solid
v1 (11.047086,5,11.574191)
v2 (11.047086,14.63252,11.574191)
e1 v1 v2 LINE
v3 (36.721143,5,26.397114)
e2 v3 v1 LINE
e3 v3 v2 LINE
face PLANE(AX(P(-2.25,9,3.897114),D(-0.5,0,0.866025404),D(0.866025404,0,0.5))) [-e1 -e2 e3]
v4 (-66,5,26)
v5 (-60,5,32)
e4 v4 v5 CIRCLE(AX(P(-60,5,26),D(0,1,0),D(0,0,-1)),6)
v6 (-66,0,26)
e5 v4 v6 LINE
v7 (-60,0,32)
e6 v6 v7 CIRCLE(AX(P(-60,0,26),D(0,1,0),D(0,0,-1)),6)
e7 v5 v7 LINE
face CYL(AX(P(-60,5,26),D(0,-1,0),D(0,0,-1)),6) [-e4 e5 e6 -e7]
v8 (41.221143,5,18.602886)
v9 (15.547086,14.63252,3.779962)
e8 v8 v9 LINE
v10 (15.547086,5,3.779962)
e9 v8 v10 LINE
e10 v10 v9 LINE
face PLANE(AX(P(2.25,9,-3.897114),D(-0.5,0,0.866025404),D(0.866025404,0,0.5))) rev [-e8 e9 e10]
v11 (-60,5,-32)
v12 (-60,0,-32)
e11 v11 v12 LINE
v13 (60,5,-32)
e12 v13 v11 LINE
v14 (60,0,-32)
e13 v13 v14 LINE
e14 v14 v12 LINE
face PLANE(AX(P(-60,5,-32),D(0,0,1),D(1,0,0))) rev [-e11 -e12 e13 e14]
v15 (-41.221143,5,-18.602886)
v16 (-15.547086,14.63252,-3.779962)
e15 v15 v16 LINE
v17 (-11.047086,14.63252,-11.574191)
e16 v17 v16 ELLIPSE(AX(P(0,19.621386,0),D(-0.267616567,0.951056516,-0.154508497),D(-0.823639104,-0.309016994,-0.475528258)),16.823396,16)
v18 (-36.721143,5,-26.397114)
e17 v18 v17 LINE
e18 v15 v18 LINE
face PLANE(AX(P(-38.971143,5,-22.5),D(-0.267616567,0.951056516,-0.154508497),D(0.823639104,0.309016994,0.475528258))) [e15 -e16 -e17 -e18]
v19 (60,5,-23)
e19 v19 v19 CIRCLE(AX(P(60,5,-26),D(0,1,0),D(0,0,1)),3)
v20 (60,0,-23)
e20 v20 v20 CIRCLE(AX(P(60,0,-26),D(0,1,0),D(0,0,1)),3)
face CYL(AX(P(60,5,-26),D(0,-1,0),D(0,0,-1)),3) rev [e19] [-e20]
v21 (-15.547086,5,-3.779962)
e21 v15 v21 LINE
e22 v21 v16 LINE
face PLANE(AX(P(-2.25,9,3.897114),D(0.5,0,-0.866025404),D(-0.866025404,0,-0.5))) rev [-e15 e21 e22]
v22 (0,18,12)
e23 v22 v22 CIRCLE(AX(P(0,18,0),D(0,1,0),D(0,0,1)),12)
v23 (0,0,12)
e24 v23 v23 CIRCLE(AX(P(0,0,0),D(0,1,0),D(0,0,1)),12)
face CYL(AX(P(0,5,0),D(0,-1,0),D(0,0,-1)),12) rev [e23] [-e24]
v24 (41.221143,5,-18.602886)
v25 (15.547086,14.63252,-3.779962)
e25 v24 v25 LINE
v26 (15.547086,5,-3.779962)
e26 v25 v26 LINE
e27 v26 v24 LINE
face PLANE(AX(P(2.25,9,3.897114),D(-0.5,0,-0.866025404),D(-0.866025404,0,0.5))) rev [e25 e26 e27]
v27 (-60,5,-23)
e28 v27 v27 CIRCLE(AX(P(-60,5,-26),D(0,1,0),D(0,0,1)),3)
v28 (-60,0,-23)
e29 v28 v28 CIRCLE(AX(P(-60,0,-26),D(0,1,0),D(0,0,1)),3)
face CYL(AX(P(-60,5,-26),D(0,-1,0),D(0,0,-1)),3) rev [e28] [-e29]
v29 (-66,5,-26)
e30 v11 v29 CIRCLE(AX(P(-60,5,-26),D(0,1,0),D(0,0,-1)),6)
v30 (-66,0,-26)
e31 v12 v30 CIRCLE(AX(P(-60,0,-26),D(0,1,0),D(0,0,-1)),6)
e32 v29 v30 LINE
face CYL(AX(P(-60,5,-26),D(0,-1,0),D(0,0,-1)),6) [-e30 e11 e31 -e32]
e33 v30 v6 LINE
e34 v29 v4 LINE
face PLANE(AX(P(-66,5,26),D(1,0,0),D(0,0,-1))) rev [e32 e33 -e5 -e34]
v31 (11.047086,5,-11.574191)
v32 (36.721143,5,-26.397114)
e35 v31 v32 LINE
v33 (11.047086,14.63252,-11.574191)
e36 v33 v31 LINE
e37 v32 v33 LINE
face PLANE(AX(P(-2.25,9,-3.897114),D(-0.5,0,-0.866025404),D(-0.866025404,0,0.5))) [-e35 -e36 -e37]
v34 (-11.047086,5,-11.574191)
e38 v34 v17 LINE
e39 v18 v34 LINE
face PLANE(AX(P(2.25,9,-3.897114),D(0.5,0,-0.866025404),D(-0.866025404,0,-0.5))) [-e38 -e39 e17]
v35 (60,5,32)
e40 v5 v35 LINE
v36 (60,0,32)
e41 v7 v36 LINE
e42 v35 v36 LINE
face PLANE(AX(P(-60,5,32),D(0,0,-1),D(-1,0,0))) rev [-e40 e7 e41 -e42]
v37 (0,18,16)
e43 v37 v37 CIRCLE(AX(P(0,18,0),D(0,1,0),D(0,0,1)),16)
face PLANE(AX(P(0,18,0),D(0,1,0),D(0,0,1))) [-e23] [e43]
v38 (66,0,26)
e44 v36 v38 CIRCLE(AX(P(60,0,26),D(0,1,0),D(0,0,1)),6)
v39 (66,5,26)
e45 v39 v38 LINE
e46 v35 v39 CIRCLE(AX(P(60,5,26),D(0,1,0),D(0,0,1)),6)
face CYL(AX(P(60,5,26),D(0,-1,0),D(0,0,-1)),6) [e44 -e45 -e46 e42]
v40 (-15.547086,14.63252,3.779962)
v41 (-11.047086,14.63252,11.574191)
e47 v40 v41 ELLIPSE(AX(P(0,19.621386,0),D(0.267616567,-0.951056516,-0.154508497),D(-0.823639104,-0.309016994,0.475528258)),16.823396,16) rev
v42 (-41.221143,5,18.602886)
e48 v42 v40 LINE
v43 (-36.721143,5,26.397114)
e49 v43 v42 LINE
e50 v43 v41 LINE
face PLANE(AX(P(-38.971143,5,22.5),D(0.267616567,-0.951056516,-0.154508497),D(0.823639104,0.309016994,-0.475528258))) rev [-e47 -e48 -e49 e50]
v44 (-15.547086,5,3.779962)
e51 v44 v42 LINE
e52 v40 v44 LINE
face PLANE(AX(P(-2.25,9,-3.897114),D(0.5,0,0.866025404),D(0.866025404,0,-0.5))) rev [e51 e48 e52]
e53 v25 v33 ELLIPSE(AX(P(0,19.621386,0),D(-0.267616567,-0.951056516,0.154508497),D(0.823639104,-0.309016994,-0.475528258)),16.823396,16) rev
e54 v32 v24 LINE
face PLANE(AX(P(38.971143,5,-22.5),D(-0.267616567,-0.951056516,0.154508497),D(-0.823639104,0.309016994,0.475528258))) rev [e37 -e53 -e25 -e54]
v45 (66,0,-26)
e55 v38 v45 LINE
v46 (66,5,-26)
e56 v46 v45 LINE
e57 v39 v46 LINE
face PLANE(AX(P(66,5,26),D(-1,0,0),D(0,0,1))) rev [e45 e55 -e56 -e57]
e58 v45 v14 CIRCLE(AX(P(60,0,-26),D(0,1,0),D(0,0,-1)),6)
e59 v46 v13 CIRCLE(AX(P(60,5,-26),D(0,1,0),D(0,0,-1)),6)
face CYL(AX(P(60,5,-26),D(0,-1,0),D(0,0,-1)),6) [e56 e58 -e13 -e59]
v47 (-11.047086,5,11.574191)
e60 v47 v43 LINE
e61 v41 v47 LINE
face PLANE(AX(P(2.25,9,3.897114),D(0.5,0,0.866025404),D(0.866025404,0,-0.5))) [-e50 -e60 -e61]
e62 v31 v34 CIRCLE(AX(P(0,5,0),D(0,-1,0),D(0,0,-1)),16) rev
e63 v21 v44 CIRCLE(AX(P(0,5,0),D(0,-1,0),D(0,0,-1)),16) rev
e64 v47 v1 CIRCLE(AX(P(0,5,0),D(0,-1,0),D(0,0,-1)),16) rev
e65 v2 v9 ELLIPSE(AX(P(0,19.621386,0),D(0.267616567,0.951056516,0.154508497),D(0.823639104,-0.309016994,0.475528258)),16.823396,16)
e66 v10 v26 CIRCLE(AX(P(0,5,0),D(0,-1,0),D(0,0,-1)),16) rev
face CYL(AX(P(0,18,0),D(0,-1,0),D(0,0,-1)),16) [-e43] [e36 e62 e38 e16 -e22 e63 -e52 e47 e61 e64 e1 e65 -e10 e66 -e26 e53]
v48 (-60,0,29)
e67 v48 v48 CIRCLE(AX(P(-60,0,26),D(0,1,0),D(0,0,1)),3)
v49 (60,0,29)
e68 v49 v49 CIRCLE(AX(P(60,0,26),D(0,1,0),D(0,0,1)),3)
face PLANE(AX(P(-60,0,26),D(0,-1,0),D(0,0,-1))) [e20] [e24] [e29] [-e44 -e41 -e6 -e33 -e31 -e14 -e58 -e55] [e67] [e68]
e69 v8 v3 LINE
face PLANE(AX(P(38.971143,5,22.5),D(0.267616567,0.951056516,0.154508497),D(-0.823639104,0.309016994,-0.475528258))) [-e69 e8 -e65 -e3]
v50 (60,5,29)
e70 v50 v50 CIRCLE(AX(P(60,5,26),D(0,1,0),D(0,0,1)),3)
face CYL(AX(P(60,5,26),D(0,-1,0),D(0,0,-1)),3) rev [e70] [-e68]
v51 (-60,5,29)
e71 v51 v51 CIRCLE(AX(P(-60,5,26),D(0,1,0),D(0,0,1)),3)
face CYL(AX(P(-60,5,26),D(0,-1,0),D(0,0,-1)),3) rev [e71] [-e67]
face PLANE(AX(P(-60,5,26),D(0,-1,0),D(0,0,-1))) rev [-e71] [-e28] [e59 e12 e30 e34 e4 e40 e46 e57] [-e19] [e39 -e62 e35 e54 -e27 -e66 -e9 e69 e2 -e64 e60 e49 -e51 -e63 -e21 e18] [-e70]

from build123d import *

# Parameters (mm, degrees)
SKETCH1_R               = 3
SKETCH1_R_2             = 12
BOSS_EXTRUDE1_DEPTH     = 5
SKETCH2_R               = 16
SKETCH2_R_2             = 12
BOSS_EXTRUDE2_DEPTH     = 13
RIB1_REACH              = 77.525
SKETCH5_WALL_W          = 183.54206521
SKETCH5_WALL_H          = 9
CIRPATTERN1_COUNT       = 2
MIRROR1_COPY_1_REACH    = 77.525
MIRROR1_COPY_1_SKETCH_W = 183.54206521
MIRROR1_COPY_1_SKETCH_H = 9


with BuildPart() as part:
    # Sketch1 → Boss-Extrude1 (new body)
    with BuildSketch(Plane(origin=(0, 0, 0), x_dir=(1, 0, 0), z_dir=(0, 1, 0))):
        with BuildLine():
            Line((-60, -32), (60, -32))
            ThreePointArc((60, -32), (64.242640687, -30.242640687), (66, -26))
            Line((66, -26), (66, 26))
            ThreePointArc((66, 26), (64.242640687, 30.242640687), (60, 32))
            Line((60, 32), (-60, 32))
            ThreePointArc((-60, 32), (-64.242640687, 30.242640687), (-66, 26))
            Line((-66, 26), (-66, -26))
            ThreePointArc((-66, -26), (-64.242640687, -30.242640687), (-60, -32))
        make_face()
        with Locations(Location((-60, 26, 0), (0, 0, 270))):
            Circle(SKETCH1_R, mode=Mode.SUBTRACT)
        with Locations(Location((60, 26, 0), (0, 0, 270))):
            Circle(SKETCH1_R, mode=Mode.SUBTRACT)
        with Locations(Location((60, -26, 0), (0, 0, 270))):
            Circle(SKETCH1_R, mode=Mode.SUBTRACT)
        with Locations(Location((-60, -26, 0), (0, 0, 270))):
            Circle(SKETCH1_R, mode=Mode.SUBTRACT)
        with Locations(Location((0, 0, 0), (0, 0, 270))):
            Circle(SKETCH1_R_2, mode=Mode.SUBTRACT)
    extrude(amount=BOSS_EXTRUDE1_DEPTH)

    # Sketch2 → Boss-Extrude2 (add)
    with BuildSketch(Plane(origin=(0, 5, 0), x_dir=(1, 0, 0), z_dir=(0, 1, 0))):
        with Locations(Location((0, 0, 0), (0, 0, 90))):
            Circle(SKETCH2_R)
        with Locations(Location((0, 0, 0), (0, 0, 270))):
            Circle(SKETCH2_R_2, mode=Mode.SUBTRACT)
    extrude(amount=BOSS_EXTRUDE2_DEPTH)

    # Sketch5 wall → Rib1 (add, up to next)
    with BuildSketch(Plane(origin=(26.413774815, 9.711335595, -15.25), x_dir=(-0.823639103536, 0.309016994388, 0.475528258156), z_dir=(0.267616567342, 0.951056516291, -0.154508497194)), mode=Mode.PRIVATE) as rib1_sk1:
        Rectangle(SKETCH5_WALL_W, SKETCH5_WALL_H)
    rib1_tool1 = extrude(rib1_sk1.sketch, amount=-RIB1_REACH, mode=Mode.PRIVATE) - part.part
    rib1 = rib1_tool1.solids().sort_by_distance((26.413774815, 9.711335595, -15.25))[0]
    add(rib1)

    # CirPattern1: Rib1 ×2 about axis
    cirpattern1_axis = Axis((0, 0, 0), (0, -1, 0))
    for i in range(1, CIRPATTERN1_COUNT):
        add(rib1.rotate(cirpattern1_axis, i * 360 / CIRPATTERN1_COUNT))

    # Mirror1: Rib1 across plane
    add(rib1.mirror(Plane(origin=(0, 0, 0), x_dir=(0, 0, 1), z_dir=(1, 0, 0))))

    # Mirror1 copy 1 sketch → Mirror1 copy 1 (add, up to next)
    with BuildSketch(Plane(origin=(26.413774815, 9.711335595, 15.25), x_dir=(-0.8236391035359999, 0.309016994388, -0.47552825815600014), z_dir=(0.267616567342, 0.951056516291, 0.15450849719400003)), mode=Mode.PRIVATE) as mirror1_copy_1_sk1:
        Rectangle(MIRROR1_COPY_1_SKETCH_W, MIRROR1_COPY_1_SKETCH_H)
    mirror1_copy_1_tool1 = extrude(mirror1_copy_1_sk1.sketch, amount=-MIRROR1_COPY_1_REACH, mode=Mode.PRIVATE) - part.part
    add(mirror1_copy_1_tool1.solids().sort_by_distance((26.413774815, 9.711335595, 15.25))[0])


solid = part.part
